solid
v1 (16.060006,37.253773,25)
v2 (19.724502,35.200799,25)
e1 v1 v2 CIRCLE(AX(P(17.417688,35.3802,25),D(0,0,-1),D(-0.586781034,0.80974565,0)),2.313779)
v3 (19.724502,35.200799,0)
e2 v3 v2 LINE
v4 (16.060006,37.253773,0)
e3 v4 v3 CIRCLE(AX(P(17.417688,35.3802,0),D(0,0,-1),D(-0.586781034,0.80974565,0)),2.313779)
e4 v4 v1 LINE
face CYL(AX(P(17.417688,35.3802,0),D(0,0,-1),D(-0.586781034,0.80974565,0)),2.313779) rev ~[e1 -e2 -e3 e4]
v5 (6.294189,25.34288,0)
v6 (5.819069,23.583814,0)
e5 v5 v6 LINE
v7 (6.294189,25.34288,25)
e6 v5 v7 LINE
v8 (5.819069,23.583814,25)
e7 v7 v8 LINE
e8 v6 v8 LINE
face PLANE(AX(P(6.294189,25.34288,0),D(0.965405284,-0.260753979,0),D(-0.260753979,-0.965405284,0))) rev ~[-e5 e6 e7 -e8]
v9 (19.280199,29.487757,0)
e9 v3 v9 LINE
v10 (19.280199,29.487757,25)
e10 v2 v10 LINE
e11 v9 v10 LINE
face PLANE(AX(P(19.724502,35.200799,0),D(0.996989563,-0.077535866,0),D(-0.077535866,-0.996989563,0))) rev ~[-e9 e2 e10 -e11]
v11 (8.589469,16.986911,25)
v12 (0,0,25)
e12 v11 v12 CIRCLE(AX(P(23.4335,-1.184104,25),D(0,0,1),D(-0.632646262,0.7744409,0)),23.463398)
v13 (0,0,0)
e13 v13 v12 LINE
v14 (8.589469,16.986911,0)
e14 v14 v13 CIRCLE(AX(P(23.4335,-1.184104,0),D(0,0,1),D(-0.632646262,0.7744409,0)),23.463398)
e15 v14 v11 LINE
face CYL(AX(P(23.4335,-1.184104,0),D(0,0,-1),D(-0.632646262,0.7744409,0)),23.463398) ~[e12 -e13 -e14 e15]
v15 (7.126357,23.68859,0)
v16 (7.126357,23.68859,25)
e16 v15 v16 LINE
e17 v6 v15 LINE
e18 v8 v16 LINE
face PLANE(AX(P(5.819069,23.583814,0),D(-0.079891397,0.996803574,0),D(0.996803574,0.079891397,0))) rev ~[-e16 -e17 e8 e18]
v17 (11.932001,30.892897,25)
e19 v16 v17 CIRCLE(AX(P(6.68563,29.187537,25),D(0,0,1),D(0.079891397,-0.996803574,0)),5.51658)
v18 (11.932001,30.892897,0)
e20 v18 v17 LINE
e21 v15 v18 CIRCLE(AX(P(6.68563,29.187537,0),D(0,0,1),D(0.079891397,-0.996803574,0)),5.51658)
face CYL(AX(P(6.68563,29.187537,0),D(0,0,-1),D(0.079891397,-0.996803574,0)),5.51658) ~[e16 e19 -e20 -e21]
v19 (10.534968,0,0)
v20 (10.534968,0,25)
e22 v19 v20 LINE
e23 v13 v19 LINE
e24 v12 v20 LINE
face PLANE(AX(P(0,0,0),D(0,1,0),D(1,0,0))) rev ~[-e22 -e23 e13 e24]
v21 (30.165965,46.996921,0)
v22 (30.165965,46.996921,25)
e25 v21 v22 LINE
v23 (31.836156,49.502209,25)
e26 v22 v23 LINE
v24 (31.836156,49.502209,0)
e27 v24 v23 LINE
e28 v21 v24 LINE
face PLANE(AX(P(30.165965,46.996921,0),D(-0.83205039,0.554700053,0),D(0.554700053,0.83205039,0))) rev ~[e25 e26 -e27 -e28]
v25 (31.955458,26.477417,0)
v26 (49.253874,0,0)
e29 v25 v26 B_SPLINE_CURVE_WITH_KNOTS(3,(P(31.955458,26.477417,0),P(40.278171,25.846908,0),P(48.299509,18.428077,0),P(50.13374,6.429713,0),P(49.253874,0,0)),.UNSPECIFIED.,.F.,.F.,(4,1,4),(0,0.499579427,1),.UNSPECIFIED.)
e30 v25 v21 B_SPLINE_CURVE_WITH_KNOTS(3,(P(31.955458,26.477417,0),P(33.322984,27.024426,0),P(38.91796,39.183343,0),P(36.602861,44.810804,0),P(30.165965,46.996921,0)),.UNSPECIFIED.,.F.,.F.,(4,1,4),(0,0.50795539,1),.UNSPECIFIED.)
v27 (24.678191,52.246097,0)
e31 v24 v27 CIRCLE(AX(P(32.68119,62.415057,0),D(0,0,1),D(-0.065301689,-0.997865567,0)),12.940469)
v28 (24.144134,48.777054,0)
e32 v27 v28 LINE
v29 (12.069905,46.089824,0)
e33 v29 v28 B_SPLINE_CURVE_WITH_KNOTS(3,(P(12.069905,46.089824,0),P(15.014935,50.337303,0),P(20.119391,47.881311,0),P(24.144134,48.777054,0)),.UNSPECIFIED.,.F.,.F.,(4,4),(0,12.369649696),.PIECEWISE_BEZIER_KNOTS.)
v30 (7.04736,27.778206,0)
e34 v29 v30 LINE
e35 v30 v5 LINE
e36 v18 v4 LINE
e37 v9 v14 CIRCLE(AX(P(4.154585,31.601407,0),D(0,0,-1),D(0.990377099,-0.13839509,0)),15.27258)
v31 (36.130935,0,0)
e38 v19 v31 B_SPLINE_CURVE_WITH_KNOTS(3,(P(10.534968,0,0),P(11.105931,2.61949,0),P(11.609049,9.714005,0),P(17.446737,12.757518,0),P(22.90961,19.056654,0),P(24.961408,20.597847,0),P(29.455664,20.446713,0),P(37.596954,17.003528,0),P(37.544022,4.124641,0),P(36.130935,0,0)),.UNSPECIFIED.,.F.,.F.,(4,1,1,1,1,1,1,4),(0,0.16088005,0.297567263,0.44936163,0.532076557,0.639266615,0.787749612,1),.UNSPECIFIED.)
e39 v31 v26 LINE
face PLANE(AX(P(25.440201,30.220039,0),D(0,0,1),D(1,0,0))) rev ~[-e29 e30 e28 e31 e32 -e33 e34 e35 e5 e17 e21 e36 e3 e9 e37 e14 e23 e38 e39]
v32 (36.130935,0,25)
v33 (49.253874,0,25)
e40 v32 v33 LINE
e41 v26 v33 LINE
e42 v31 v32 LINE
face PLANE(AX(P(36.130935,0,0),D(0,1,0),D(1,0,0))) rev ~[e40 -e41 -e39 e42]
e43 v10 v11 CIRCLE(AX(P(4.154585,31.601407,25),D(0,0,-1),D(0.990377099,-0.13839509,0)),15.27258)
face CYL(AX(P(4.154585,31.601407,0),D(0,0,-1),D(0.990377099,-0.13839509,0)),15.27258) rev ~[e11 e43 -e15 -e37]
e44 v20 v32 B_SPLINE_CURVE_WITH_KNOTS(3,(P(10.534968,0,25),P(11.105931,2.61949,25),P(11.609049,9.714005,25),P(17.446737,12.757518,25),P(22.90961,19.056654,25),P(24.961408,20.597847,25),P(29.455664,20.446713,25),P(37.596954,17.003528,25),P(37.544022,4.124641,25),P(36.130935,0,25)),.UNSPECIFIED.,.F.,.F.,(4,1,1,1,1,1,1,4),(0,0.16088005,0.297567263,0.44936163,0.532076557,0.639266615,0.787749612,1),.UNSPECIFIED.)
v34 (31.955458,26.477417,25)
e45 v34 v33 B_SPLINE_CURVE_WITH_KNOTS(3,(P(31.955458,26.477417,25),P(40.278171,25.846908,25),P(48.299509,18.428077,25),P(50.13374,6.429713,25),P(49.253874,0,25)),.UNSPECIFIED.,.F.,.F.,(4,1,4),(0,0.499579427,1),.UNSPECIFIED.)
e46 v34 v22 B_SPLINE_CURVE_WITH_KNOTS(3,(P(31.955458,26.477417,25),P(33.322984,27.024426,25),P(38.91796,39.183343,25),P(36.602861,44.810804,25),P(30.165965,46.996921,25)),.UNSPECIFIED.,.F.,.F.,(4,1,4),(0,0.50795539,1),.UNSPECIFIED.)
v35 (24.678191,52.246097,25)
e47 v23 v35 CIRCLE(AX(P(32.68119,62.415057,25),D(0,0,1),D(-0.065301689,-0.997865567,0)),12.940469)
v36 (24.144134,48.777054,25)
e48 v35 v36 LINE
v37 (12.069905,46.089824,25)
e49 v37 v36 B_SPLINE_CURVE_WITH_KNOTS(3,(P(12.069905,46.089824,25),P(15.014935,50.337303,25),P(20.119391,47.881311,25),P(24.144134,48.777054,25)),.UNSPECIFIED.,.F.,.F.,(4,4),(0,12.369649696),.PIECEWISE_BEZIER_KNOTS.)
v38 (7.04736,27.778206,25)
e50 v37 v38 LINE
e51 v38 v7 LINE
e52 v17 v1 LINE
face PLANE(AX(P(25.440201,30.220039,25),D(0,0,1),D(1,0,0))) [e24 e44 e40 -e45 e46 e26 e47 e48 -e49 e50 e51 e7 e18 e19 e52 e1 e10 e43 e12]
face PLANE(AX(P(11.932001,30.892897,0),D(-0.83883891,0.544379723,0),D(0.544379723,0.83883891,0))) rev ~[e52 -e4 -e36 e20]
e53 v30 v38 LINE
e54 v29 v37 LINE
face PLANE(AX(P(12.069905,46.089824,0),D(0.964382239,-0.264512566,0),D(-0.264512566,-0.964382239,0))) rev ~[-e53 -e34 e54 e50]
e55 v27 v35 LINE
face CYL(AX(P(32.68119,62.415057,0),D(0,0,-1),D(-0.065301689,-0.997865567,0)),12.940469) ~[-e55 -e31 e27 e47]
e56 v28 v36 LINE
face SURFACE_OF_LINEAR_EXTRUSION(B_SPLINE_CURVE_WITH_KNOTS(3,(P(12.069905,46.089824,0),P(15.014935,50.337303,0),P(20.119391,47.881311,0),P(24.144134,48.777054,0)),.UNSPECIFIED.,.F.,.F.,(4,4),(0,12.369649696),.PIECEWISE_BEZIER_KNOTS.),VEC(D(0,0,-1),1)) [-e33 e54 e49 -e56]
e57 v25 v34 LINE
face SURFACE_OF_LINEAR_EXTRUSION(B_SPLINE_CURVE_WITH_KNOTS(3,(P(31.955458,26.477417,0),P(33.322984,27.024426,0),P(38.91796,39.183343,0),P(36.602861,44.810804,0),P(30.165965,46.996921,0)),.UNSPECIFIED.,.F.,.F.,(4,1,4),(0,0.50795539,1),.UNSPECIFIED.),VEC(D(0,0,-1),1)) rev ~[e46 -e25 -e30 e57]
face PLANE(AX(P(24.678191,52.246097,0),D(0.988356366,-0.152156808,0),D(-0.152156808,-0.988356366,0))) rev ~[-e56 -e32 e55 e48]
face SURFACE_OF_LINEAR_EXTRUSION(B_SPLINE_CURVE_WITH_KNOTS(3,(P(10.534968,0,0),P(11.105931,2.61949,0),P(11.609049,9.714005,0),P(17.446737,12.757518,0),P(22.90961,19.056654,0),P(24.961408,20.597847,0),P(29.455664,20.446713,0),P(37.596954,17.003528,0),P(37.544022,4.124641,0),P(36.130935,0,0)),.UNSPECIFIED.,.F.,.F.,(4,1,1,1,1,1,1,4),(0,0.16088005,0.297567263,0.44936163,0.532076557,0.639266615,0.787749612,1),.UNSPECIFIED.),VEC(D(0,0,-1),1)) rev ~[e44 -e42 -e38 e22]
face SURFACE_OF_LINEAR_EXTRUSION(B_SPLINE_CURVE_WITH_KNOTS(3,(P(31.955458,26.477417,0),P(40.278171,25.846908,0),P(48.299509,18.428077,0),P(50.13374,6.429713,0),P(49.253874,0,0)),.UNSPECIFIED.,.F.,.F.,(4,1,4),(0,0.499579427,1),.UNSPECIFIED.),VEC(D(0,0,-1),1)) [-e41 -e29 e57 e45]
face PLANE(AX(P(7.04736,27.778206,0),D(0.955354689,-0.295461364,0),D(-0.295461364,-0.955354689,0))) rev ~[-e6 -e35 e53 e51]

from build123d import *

# Parameters (mm, degrees)
F1_DEPTH = 25


with BuildPart() as f1:
    # F0 (on Top) → F1 (new body)
    with BuildSketch(Plane.XY):
        with BuildLine():
            ThreePointArc((19.2801989566, 29.4877570077), (15.7615253624, 21.6751466425), (8.5894693106, 16.986910666))
            ThreePointArc((8.5894693106, 16.986910666), (2.4947531013, 9.4036200252), (0, 0))
            Line((0, 0), (10.5349682271, 0))
            add(Edge.make_bspline(
                [(10.5349682271, 0), (11.105931155, 2.6194903291), (11.609049317, 9.7140045073), (17.4467370521, 12.7575176791), (22.9096103398, 19.0566540962), (24.9614081671, 20.5978465085), (29.4556638689, 20.4467125472), (37.5969536435, 17.0035284008), (37.5440217848, 4.1246412968), (36.1309349537, 0)],
                knots=[0, 0, 0, 0, 0.1608800501, 0.2975672627, 0.4493616304, 0.5320765568, 0.6392666155, 0.7877496125, 1, 1, 1, 1], degree=3))
            Line((36.1309349537, 0), (49.2538735271, 0))
            add(Edge.make_bspline(
                [(31.9554582238, 26.4774169773), (40.2781709108, 25.8469083807), (48.2995089052, 18.4280773445), (50.1337396114, 6.4297131631), (49.2538735271, 0)],
                knots=[0, 0, 0, 0, 0.4995794266, 1, 1, 1, 1], degree=3))
            add(Edge.make_bspline(
                [(31.9554582238, 26.4774169773), (33.32298356, 27.0244262551), (38.9179600405, 39.1833432434), (36.6028611169, 44.8108039036), (30.1659647375, 46.9969213009)],
                knots=[0, 0, 0, 0, 0.50795539, 1, 1, 1, 1], degree=3))
            Line((30.1659647375, 46.9969213009), (31.836155802, 49.5022088289))
            ThreePointArc((31.836155802, 49.5022088289), (37.3130534041, 74.498168744), (24.6781911701, 52.2460974753))
            Line((24.6781911701, 52.2460974753), (24.1441342906, 48.7770544229))
            add(Edge.make_bspline(
                [(12.0699045525, 46.0898235351), (15.0149352859, 50.3373034286), (20.1193910442, 47.881310794), (24.1441342906, 48.7770544229)],
                knots=[0, 0, 0, 0, 12.3696496964, 12.3696496964, 12.3696496964, 12.3696496964], degree=3))
            Line((12.0699045525, 46.0898235351), (7.0473597889, 27.7782059473))
            Line((7.0473597889, 27.7782059473), (6.29418949, 25.3428798244))
            Line((6.29418949, 25.3428798244), (5.8190694864, 23.5838141952))
            Line((5.8190694864, 23.5838141952), (7.1263574098, 23.688590162))
            ThreePointArc((7.1263574098, 23.688590162), (11.274887215, 26.1262666727), (11.932000518, 30.8928973929))
            Line((11.932000518, 30.8928973929), (16.0600062607, 37.2537732479))
            ThreePointArc((16.0600062607, 37.2537732479), (18.5485676073, 37.398785834), (19.7245021973, 35.2007994678))
            Line((19.7245021973, 35.2007994678), (19.2801989566, 29.4877570077))
        make_face()
    extrude(amount=F1_DEPTH)


solid = f1.part
